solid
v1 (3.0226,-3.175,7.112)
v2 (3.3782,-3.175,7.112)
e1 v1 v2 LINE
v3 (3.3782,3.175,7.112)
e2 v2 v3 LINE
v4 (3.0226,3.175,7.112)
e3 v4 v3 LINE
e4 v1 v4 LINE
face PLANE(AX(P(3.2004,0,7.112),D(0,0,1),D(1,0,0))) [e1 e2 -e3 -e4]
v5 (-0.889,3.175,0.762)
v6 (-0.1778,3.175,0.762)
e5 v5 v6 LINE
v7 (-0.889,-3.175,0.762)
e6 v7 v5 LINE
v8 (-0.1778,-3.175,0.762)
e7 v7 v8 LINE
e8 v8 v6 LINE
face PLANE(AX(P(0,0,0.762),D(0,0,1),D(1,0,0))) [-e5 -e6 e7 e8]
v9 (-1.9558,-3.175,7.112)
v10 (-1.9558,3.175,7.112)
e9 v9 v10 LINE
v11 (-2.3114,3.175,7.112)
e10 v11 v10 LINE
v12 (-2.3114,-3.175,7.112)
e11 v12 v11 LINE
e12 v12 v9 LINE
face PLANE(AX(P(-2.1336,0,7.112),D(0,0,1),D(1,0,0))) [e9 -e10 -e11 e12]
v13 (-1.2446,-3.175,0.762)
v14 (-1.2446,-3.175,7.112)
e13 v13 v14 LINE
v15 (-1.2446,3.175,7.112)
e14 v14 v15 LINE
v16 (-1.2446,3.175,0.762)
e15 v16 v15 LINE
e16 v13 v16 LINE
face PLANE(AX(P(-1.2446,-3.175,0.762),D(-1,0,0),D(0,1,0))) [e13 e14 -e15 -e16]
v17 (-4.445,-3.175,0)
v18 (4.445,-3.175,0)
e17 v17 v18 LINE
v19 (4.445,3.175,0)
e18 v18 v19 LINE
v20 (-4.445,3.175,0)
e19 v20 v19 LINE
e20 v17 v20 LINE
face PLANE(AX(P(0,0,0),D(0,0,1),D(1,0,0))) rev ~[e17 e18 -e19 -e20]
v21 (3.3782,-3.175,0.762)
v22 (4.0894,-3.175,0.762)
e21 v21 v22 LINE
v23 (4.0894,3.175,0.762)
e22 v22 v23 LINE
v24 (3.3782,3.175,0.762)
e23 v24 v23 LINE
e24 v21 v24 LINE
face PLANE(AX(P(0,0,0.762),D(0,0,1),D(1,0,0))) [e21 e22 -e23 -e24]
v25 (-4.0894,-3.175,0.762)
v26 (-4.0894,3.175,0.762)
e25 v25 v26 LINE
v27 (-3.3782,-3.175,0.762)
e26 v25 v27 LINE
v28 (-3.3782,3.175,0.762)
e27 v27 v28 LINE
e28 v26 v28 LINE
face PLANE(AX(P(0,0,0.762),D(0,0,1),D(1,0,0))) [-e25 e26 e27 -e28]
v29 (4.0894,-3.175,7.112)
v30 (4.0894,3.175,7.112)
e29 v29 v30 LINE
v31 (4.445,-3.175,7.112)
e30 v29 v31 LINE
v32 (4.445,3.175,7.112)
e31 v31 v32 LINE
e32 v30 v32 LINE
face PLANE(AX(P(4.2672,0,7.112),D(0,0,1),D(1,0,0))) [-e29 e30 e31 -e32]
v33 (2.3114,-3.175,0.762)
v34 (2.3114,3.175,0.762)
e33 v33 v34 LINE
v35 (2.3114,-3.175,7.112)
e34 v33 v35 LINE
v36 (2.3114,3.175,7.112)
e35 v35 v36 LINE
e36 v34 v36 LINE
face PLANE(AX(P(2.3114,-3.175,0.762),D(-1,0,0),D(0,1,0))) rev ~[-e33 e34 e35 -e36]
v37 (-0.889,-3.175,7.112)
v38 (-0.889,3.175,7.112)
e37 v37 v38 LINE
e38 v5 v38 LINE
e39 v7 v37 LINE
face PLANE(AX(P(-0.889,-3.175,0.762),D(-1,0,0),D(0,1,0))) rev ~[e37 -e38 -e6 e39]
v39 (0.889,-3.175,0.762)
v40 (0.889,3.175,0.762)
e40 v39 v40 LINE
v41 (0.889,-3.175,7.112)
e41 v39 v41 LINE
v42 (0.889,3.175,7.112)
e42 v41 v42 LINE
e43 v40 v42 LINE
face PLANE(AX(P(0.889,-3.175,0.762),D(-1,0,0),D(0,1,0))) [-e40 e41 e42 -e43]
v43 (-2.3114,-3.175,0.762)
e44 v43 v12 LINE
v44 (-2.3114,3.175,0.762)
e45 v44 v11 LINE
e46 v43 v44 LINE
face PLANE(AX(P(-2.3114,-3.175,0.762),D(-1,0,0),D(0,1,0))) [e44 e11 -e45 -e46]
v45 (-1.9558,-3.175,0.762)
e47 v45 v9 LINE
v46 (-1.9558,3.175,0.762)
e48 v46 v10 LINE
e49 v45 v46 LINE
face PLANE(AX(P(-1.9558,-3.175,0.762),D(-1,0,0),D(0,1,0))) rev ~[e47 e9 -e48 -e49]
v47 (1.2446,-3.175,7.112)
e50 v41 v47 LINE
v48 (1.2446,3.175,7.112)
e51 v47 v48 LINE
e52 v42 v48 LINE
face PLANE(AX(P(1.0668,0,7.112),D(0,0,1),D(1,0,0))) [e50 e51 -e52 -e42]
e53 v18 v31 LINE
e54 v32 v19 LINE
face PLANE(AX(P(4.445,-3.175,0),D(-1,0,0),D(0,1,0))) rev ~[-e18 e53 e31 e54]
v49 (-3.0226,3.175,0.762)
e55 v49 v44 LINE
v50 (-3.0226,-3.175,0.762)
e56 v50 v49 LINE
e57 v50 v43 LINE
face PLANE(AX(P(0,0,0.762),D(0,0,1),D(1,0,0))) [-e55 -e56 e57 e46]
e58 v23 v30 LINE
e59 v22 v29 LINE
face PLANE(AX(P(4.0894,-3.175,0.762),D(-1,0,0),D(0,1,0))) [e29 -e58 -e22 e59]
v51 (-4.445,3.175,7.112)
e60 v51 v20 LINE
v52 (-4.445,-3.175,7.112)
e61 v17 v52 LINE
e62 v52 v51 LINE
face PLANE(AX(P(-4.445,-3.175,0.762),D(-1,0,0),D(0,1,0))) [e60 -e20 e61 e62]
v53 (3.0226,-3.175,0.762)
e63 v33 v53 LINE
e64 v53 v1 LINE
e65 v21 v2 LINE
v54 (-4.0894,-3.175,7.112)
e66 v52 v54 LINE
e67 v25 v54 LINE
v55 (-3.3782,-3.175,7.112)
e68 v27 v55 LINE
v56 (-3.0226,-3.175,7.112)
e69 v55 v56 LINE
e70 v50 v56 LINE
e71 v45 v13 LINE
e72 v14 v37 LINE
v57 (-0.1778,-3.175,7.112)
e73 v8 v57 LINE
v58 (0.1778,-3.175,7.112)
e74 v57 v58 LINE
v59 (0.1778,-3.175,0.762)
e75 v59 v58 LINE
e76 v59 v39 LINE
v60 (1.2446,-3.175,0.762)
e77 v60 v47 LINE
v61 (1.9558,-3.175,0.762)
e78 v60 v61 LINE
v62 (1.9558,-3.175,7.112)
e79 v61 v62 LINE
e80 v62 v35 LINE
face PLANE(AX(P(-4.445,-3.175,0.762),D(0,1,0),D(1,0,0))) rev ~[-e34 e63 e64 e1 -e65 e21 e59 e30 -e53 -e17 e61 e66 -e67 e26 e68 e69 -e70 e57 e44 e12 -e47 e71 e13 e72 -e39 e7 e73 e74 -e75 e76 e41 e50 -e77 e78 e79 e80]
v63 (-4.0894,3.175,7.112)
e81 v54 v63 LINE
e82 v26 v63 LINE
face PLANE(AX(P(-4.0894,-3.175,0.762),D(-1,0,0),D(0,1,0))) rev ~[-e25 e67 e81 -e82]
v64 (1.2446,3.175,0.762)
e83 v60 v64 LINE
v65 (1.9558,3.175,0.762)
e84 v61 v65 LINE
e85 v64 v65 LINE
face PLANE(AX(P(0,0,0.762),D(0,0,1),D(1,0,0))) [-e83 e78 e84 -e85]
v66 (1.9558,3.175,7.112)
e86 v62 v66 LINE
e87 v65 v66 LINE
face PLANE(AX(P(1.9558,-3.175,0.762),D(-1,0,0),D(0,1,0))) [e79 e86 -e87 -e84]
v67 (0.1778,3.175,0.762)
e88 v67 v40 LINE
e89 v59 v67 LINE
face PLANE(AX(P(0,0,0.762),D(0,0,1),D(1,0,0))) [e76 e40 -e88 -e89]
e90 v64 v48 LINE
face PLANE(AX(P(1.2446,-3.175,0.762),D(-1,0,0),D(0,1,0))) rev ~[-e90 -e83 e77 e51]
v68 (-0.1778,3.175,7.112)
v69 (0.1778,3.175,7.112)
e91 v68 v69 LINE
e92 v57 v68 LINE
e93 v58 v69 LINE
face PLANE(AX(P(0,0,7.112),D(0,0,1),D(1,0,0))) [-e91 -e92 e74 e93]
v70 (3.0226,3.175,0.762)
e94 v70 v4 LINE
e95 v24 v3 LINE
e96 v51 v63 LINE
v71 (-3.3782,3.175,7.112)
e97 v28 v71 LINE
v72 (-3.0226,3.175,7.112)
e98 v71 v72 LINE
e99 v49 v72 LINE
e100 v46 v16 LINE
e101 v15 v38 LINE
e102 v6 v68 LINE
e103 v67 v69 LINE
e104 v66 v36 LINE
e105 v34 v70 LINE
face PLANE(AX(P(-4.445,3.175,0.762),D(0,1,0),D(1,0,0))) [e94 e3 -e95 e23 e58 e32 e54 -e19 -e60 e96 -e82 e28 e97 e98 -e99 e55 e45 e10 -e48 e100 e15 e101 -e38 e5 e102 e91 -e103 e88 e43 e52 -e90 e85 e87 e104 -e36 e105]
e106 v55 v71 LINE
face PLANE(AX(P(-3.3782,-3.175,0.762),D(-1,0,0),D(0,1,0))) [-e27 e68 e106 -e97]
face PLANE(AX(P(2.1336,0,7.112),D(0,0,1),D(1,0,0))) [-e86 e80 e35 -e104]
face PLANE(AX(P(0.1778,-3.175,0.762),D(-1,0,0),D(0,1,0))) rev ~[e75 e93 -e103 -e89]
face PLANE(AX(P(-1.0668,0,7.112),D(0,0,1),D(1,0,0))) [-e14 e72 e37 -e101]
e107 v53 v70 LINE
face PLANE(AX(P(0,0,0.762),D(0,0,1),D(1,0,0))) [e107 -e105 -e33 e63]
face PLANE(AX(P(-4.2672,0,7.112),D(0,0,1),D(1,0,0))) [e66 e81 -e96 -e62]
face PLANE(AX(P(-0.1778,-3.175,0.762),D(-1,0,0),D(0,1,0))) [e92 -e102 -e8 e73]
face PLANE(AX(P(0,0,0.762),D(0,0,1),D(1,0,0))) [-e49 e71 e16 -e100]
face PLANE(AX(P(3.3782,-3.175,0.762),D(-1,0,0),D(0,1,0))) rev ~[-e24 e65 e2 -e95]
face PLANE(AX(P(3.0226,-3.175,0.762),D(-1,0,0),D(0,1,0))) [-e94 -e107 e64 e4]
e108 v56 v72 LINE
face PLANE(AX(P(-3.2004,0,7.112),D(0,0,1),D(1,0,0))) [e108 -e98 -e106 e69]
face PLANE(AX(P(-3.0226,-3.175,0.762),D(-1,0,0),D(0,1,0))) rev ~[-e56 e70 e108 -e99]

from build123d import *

# Parameters (mm, degrees)
F0_W     = 8.89
F0_H     = 6.35
F1_DEPTH = 0.762
F2_W     = 0.3556
F2_H     = 6.35
F3_DEPTH = 6.35


with BuildPart() as f1:
    # F0 (on Top) → F1 (new body)
    with BuildSketch(Plane.XY):
        Rectangle(F0_W, F0_H)
    extrude(amount=F1_DEPTH)

    # F2 (on face) → F3 (join)
    with BuildSketch(Plane.XY.offset(0.762)):
        with Locations((-4.2672, 0)):
            Rectangle(F2_W, F2_H)
        with Locations((-3.2004, 0)):
            Rectangle(F2_W, F2_H)
        with Locations((-2.1336, 0)):
            Rectangle(F2_W, F2_H)
        with Locations((-1.0668, 0)):
            Rectangle(F2_W, F2_H)
        Rectangle(F2_W, F2_H)
        with Locations((1.0668, 0)):
            Rectangle(F2_W, F2_H)
        with Locations((2.1336, 0)):
            Rectangle(F2_W, F2_H)
        with Locations((3.2004, 0)):
            Rectangle(F2_W, F2_H)
        with Locations((4.2672, 0)):
            Rectangle(F2_W, F2_H)
    extrude(amount=F3_DEPTH)


solid = f1.part
